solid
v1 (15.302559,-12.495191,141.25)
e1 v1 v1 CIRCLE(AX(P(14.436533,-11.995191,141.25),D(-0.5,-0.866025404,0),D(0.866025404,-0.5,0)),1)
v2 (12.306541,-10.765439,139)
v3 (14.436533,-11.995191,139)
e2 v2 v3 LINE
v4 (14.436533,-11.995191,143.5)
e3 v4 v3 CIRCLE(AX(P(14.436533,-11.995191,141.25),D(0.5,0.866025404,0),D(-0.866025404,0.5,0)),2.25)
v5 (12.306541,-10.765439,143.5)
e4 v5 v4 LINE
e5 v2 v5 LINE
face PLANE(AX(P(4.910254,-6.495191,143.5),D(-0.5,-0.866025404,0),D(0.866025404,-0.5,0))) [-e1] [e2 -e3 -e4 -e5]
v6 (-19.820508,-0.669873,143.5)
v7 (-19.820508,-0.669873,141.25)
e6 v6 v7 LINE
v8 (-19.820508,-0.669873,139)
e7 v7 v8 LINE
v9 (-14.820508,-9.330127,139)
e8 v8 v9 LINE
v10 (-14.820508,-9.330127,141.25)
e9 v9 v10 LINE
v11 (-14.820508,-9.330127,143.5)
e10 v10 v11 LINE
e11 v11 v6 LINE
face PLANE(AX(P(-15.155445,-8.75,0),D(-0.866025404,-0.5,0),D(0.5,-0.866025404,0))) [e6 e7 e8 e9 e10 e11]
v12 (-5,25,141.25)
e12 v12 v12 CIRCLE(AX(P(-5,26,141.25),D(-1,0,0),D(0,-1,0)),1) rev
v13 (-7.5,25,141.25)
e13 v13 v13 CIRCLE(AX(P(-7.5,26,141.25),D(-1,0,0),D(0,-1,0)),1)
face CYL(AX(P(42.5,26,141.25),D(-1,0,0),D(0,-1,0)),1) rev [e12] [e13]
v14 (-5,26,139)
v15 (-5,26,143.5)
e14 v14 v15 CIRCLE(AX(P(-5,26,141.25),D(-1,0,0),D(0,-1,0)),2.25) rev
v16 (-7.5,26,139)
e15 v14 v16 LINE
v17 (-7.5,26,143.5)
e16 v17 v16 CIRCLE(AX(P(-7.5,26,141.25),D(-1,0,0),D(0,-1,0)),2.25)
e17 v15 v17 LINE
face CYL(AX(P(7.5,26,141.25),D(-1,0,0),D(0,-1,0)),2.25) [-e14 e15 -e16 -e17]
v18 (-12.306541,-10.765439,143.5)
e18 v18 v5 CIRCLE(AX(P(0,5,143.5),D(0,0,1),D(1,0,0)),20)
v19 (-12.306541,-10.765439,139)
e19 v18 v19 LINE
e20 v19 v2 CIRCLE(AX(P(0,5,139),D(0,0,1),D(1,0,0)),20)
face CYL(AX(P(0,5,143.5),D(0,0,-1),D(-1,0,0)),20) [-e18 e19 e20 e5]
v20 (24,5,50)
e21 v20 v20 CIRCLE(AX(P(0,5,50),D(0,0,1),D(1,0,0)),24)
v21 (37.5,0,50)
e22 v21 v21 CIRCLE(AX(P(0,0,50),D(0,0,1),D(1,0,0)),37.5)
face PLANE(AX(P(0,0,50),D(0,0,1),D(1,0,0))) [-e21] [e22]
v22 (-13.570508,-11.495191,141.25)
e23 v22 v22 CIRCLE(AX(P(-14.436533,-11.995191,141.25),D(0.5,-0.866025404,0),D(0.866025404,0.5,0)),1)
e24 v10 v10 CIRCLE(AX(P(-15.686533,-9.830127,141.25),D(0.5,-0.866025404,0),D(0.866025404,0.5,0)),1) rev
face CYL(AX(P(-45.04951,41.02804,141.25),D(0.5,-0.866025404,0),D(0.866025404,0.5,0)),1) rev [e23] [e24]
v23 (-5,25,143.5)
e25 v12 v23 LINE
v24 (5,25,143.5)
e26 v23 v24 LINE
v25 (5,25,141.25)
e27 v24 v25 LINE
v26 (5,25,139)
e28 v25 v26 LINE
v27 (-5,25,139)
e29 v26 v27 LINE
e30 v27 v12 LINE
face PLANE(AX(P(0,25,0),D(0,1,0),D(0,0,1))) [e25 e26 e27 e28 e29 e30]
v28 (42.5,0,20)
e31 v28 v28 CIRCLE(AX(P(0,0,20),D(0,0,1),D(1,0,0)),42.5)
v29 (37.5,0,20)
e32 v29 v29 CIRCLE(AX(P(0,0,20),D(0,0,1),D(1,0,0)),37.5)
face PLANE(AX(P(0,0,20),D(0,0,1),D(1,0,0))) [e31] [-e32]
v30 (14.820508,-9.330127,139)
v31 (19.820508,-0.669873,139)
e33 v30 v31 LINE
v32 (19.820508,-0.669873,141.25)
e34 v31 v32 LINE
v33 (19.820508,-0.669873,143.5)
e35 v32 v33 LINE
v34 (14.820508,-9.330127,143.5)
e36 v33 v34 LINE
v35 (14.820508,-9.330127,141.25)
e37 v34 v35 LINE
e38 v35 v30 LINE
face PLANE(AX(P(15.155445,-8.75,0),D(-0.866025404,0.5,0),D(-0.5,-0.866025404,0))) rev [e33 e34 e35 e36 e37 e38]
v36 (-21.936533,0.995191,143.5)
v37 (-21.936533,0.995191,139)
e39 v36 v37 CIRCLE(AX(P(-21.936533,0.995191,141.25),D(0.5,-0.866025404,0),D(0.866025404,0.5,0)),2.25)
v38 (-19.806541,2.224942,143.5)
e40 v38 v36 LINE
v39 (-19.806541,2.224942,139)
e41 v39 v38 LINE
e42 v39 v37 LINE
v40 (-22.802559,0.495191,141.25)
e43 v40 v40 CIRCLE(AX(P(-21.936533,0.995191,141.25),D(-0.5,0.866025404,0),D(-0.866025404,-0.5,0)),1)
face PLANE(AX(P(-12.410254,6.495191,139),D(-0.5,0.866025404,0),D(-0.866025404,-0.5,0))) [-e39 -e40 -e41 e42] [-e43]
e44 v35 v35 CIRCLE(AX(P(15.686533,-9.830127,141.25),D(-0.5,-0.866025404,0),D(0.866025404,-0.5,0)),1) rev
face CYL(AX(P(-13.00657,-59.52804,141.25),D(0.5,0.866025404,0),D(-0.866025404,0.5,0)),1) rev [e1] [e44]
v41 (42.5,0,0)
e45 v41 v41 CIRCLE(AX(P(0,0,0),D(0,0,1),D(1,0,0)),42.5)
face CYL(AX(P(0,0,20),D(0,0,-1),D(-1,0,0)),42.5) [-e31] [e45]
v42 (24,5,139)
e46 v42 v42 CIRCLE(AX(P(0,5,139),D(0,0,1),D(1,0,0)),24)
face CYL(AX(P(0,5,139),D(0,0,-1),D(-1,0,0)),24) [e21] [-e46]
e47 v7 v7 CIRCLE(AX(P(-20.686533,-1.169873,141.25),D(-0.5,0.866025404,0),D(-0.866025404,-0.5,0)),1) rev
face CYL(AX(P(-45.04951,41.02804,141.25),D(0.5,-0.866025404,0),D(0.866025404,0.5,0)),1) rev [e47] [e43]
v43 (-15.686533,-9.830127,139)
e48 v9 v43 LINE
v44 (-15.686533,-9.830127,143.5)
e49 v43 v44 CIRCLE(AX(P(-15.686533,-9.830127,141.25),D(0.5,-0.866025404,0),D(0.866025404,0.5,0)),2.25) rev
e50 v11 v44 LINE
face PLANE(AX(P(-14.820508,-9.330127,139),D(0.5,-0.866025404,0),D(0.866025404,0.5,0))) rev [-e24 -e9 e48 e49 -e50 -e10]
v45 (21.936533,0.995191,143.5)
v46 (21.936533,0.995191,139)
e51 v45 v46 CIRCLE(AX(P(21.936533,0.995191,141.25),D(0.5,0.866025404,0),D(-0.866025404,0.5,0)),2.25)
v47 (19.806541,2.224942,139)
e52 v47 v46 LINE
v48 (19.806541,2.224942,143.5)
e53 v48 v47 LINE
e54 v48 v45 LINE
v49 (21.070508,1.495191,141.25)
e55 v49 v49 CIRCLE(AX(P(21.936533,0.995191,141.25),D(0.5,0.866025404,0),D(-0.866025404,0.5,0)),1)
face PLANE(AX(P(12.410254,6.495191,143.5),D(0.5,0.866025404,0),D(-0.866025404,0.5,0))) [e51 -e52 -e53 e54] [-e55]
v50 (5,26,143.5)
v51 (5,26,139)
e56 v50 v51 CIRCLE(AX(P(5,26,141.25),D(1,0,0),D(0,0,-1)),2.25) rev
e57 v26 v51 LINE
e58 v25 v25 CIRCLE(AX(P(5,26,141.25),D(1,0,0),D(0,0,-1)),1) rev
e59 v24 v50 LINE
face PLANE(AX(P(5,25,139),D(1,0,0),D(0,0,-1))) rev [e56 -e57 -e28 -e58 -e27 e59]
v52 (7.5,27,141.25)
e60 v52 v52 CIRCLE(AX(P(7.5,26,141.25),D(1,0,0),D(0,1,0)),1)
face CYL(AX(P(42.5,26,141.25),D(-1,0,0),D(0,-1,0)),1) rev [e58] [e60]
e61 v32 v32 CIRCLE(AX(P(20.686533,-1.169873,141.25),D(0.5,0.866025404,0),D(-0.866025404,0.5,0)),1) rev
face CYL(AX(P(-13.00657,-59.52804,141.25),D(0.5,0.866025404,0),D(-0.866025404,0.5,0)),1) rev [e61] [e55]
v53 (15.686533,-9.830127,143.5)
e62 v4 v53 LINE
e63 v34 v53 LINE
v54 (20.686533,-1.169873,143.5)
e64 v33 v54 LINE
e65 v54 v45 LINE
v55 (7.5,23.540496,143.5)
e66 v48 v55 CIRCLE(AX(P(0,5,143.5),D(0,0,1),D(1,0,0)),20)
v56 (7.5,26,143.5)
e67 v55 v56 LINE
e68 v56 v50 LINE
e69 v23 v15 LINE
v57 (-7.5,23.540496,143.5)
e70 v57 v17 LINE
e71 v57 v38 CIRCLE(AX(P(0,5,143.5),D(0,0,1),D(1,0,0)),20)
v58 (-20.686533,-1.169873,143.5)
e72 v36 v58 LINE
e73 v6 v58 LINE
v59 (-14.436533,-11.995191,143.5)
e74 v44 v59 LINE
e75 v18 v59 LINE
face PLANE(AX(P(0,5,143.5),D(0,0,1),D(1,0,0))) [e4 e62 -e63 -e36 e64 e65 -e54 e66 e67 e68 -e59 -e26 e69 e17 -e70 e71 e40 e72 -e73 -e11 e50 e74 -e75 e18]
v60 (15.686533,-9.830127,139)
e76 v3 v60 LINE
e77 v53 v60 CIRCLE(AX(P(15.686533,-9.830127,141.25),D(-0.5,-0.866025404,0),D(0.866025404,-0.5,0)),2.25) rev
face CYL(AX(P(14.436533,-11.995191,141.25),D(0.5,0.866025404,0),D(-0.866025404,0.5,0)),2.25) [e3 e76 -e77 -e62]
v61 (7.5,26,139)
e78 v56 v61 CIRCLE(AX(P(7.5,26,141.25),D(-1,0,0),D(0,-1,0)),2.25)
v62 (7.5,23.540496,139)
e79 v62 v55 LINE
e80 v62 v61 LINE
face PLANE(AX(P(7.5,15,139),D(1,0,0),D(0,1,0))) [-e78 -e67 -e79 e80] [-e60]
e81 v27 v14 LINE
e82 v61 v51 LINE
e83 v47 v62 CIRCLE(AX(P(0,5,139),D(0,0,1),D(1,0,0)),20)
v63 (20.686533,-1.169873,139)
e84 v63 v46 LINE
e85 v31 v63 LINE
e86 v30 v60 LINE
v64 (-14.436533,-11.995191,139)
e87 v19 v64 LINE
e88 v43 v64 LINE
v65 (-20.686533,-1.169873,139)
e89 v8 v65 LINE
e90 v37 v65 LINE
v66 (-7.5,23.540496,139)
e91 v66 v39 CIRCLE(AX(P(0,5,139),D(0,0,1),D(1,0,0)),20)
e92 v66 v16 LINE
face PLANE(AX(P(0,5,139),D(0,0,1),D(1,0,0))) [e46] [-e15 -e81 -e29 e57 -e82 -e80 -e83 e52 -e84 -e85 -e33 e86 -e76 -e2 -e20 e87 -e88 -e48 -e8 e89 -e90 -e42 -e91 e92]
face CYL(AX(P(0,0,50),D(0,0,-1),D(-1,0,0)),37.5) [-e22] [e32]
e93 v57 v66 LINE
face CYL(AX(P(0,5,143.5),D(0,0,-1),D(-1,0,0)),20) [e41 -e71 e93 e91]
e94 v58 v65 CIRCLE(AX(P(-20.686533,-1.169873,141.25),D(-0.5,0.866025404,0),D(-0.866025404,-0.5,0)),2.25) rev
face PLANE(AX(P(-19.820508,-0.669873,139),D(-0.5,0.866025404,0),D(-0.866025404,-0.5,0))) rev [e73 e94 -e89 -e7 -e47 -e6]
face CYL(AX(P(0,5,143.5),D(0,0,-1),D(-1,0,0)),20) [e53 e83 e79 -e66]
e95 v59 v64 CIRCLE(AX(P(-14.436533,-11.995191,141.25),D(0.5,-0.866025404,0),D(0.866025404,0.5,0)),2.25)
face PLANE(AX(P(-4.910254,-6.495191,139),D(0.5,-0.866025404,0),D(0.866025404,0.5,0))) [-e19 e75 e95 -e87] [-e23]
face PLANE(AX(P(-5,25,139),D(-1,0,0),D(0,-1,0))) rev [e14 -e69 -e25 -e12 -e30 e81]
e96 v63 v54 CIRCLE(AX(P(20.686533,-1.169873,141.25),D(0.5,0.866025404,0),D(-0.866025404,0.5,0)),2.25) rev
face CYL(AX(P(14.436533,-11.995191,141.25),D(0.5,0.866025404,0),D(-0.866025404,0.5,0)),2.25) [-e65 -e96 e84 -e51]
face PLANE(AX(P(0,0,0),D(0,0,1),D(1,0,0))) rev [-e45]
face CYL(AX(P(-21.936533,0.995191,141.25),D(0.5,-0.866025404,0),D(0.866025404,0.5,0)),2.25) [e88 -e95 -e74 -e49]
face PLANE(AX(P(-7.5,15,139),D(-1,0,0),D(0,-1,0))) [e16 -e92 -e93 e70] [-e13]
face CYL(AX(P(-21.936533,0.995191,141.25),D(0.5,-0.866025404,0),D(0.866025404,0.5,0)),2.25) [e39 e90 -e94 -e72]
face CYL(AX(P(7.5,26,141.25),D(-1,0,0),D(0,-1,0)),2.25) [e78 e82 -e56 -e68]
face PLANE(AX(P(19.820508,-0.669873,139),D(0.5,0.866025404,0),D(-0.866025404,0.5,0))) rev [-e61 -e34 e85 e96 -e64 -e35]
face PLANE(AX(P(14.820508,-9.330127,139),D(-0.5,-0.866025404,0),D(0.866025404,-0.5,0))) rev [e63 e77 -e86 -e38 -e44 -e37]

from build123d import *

# Parameters (mm, degrees)
SKETCH_1_R          = 42.5
EXTRUDE_1_DEPTH     = 20
SKETCH_2_R          = 37.5
EXTRUDE_2_DEPTH     = 30
SKETCH_3_R          = 24
EXTRUDE_3_DEPTH     = 89
SKETCH_5_R          = 20
EXTRUDE_4_DEPTH     = 4.5
SKETCH_7_W          = 15
SKETCH_7_H          = 4.5
EXTRUDE_5_DEPTH     = 10
SKETCH_8_W          = 4.5
SKETCH_8_H          = 15
EXTRUDE_6_DEPTH     = 10
SKETCH_9_W          = 4.5
SKETCH_9_H          = 15
EXTRUDE_7_DEPTH     = 10
EXTRUDE_8_DEPTH     = 15
EXTRUDE_9_DEPTH     = 15
EXTRUDE_10_DEPTH    = 15
SKETCH_13_R         = 1
CUT_EXTRUDE_1_DEPTH = 51
SKETCH_14_R         = 1
CUT_EXTRUDE_2_DEPTH = 62.225952642
SKETCH_15_R         = 1
CUT_EXTRUDE_3_DEPTH = 70.88620668
SKETCH_18_W         = 4.5
SKETCH_18_H         = 10
CUT_EXTRUDE_4_DEPTH = 3.25
SKETCH_19_W         = 4.5
SKETCH_19_H         = 10
CUT_EXTRUDE_5_DEPTH = 3.25
SKETCH_20_W         = 10
SKETCH_20_H         = 4.5
CUT_EXTRUDE_6_DEPTH = 3.25


with BuildPart() as part:
    # ｽｹｯﾁ1 → ﾎﾞｽ - 押し出し1 (new body)
    with BuildSketch(Plane.XY):
        Circle(SKETCH_1_R)
    extrude(amount=EXTRUDE_1_DEPTH)

    # ｽｹｯﾁ2 → ﾎﾞｽ - 押し出し2 (add)
    with BuildSketch(Plane.XY.offset(20)):
        Circle(SKETCH_2_R)
    extrude(amount=EXTRUDE_2_DEPTH)

    # ｽｹｯﾁ3 → ﾎﾞｽ - 押し出し3 (add)
    with BuildSketch(Plane.XY.offset(50)):
        with Locations((0, 5)):
            Circle(SKETCH_3_R)
    extrude(amount=EXTRUDE_3_DEPTH)

    # ｽｹｯﾁ5 → ﾎﾞｽ - 押し出し4 (add)
    with BuildSketch(Plane.XY.offset(139)):
        with Locations((0, 5)):
            Circle(SKETCH_5_R)
    extrude(amount=EXTRUDE_4_DEPTH)

    # ｽｹｯﾁ7 → ﾎﾞｽ - 押し出し5 (add)
    with BuildSketch(Plane(origin=(0, 25, 0), x_dir=(1, 0, 0), z_dir=(0, 1, 0))):
        with Locations((0, -141.25)):
            Rectangle(SKETCH_7_W, SKETCH_7_H)
    extrude(amount=-EXTRUDE_5_DEPTH)

    # ｽｹｯﾁ8 → ﾎﾞｽ - 押し出し6 (add)
    with BuildSketch(Plane(origin=(-15.155444566, -8.75, 0), x_dir=(0, 0, 1), z_dir=(-0.866025404, -0.5, 0))):
        with Locations((141.25, 4.330127019)):
            Rectangle(SKETCH_8_W, SKETCH_8_H)
    extrude(amount=-EXTRUDE_6_DEPTH)

    # ｽｹｯﾁ9 → ﾎﾞｽ - 押し出し7 (add)
    with BuildSketch(Plane(origin=(15.155444566, -8.75, 0), x_dir=(0, 0, -1), z_dir=(0.866025404, -0.5, 0))):
        with Locations((-141.25, 4.330127019)):
            Rectangle(SKETCH_9_W, SKETCH_9_H)
    extrude(amount=-EXTRUDE_7_DEPTH)

    # ｽｹｯﾁ10 → ﾎﾞｽ - 押し出し8 (add)
    with BuildSketch(Plane(origin=(5.915063509, 10.245190528, 0), x_dir=(0.866025404, -0.5, 0), z_dir=(0.5, 0.866025404, 0))):
        with BuildLine():
            Line((17.5, -143.5), (18.5, -143.5))
            ThreePointArc((18.5, -143.5), (20.75, -141.25), (18.5, -139))
            Line((18.5, -139), (17.5, -139))
            Line((17.5, -139), (17.5, -143.5))
        make_face()
    extrude(amount=-EXTRUDE_8_DEPTH)

    # ｽｹｯﾁ11 → ﾎﾞｽ - 押し出し9 (add)
    with BuildSketch(Plane.ZY.offset(7.5)):
        with BuildLine():
            Line((139, 25), (143.5, 25))
            Line((143.5, 25), (143.5, 26))
            ThreePointArc((143.5, 26), (141.25, 28.25), (139, 26))
            Line((139, 26), (139, 25))
        make_face()
    extrude(amount=-EXTRUDE_9_DEPTH)

    # ｽｹｯﾁ12 → ﾎﾞｽ - 押し出し10 (add)
    with BuildSketch(Plane(origin=(1.584936491, -2.745190528, 0), x_dir=(0.866025404, 0.5, 0), z_dir=(0.5, -0.866025404, 0))):
        with BuildLine():
            Line((-17.5, 139), (-17.5, 143.5))
            Line((-17.5, 143.5), (-18.5, 143.5))
            ThreePointArc((-18.5, 143.5), (-20.75, 141.25), (-18.5, 139))
            Line((-18.5, 139), (-17.5, 139))
        make_face()
    extrude(amount=-EXTRUDE_10_DEPTH)

    # ｽｹｯﾁ13 → ｶｯﾄ - 押し出し1 (cut, through all)
    with BuildSketch(Plane.ZY.offset(7.5)):
        with Locations((141.25, 26)):
            Circle(SKETCH_13_R)
    extrude(amount=-CUT_EXTRUDE_1_DEPTH, mode=Mode.SUBTRACT)

    # ｽｹｯﾁ14 → ｶｯﾄ - 押し出し2 (cut, through all)
    with BuildSketch(Plane(origin=(1.584936491, -2.745190528, 0), x_dir=(-0.866025404, -0.5, 0), z_dir=(0.5, -0.866025404, 0))):
        with Locations((18.5, -141.25)):
            Circle(SKETCH_14_R)
    extrude(amount=-CUT_EXTRUDE_2_DEPTH, mode=Mode.SUBTRACT)

    # ｽｹｯﾁ15 → ｶｯﾄ - 押し出し3 (cut, through all)
    with BuildSketch(Plane(origin=(5.915063509, 10.245190528, 0), x_dir=(0.866025404, -0.5, 0), z_dir=(0.5, 0.866025404, 0))):
        with Locations((18.5, -141.25)):
            Circle(SKETCH_15_R)
    extrude(amount=-CUT_EXTRUDE_3_DEPTH, mode=Mode.SUBTRACT)

    # ｽｹｯﾁ18 → ｶｯﾄ - 押し出し4 (cut)
    with BuildSketch(Plane(origin=(-17.970027129, -10.375, 0), x_dir=(0, 0, 1), z_dir=(-0.866025404, -0.5, 0))):
        with Locations((141.25, 4.330127019)):
            Rectangle(SKETCH_18_W, SKETCH_18_H)
    extrude(amount=-CUT_EXTRUDE_4_DEPTH, mode=Mode.SUBTRACT)

    # ｽｹｯﾁ19 → ｶｯﾄ - 押し出し5 (cut)
    with BuildSketch(Plane(origin=(17.970027129, -10.375, 0), x_dir=(0, 0, -1), z_dir=(0.866025404, -0.5, 0))):
        with Locations((-141.25, 4.330127019)):
            Rectangle(SKETCH_19_W, SKETCH_19_H)
    extrude(amount=-CUT_EXTRUDE_5_DEPTH, mode=Mode.SUBTRACT)

    # ｽｹｯﾁ20 → ｶｯﾄ - 押し出し6 (cut)
    with BuildSketch(Plane(origin=(0, 28.25, 0), x_dir=(1, 0, 0), z_dir=(0, 1, 0))):
        with Locations((0, -141.25)):
            Rectangle(SKETCH_20_W, SKETCH_20_H)
    extrude(amount=-CUT_EXTRUDE_6_DEPTH, mode=Mode.SUBTRACT)


solid = part.part
